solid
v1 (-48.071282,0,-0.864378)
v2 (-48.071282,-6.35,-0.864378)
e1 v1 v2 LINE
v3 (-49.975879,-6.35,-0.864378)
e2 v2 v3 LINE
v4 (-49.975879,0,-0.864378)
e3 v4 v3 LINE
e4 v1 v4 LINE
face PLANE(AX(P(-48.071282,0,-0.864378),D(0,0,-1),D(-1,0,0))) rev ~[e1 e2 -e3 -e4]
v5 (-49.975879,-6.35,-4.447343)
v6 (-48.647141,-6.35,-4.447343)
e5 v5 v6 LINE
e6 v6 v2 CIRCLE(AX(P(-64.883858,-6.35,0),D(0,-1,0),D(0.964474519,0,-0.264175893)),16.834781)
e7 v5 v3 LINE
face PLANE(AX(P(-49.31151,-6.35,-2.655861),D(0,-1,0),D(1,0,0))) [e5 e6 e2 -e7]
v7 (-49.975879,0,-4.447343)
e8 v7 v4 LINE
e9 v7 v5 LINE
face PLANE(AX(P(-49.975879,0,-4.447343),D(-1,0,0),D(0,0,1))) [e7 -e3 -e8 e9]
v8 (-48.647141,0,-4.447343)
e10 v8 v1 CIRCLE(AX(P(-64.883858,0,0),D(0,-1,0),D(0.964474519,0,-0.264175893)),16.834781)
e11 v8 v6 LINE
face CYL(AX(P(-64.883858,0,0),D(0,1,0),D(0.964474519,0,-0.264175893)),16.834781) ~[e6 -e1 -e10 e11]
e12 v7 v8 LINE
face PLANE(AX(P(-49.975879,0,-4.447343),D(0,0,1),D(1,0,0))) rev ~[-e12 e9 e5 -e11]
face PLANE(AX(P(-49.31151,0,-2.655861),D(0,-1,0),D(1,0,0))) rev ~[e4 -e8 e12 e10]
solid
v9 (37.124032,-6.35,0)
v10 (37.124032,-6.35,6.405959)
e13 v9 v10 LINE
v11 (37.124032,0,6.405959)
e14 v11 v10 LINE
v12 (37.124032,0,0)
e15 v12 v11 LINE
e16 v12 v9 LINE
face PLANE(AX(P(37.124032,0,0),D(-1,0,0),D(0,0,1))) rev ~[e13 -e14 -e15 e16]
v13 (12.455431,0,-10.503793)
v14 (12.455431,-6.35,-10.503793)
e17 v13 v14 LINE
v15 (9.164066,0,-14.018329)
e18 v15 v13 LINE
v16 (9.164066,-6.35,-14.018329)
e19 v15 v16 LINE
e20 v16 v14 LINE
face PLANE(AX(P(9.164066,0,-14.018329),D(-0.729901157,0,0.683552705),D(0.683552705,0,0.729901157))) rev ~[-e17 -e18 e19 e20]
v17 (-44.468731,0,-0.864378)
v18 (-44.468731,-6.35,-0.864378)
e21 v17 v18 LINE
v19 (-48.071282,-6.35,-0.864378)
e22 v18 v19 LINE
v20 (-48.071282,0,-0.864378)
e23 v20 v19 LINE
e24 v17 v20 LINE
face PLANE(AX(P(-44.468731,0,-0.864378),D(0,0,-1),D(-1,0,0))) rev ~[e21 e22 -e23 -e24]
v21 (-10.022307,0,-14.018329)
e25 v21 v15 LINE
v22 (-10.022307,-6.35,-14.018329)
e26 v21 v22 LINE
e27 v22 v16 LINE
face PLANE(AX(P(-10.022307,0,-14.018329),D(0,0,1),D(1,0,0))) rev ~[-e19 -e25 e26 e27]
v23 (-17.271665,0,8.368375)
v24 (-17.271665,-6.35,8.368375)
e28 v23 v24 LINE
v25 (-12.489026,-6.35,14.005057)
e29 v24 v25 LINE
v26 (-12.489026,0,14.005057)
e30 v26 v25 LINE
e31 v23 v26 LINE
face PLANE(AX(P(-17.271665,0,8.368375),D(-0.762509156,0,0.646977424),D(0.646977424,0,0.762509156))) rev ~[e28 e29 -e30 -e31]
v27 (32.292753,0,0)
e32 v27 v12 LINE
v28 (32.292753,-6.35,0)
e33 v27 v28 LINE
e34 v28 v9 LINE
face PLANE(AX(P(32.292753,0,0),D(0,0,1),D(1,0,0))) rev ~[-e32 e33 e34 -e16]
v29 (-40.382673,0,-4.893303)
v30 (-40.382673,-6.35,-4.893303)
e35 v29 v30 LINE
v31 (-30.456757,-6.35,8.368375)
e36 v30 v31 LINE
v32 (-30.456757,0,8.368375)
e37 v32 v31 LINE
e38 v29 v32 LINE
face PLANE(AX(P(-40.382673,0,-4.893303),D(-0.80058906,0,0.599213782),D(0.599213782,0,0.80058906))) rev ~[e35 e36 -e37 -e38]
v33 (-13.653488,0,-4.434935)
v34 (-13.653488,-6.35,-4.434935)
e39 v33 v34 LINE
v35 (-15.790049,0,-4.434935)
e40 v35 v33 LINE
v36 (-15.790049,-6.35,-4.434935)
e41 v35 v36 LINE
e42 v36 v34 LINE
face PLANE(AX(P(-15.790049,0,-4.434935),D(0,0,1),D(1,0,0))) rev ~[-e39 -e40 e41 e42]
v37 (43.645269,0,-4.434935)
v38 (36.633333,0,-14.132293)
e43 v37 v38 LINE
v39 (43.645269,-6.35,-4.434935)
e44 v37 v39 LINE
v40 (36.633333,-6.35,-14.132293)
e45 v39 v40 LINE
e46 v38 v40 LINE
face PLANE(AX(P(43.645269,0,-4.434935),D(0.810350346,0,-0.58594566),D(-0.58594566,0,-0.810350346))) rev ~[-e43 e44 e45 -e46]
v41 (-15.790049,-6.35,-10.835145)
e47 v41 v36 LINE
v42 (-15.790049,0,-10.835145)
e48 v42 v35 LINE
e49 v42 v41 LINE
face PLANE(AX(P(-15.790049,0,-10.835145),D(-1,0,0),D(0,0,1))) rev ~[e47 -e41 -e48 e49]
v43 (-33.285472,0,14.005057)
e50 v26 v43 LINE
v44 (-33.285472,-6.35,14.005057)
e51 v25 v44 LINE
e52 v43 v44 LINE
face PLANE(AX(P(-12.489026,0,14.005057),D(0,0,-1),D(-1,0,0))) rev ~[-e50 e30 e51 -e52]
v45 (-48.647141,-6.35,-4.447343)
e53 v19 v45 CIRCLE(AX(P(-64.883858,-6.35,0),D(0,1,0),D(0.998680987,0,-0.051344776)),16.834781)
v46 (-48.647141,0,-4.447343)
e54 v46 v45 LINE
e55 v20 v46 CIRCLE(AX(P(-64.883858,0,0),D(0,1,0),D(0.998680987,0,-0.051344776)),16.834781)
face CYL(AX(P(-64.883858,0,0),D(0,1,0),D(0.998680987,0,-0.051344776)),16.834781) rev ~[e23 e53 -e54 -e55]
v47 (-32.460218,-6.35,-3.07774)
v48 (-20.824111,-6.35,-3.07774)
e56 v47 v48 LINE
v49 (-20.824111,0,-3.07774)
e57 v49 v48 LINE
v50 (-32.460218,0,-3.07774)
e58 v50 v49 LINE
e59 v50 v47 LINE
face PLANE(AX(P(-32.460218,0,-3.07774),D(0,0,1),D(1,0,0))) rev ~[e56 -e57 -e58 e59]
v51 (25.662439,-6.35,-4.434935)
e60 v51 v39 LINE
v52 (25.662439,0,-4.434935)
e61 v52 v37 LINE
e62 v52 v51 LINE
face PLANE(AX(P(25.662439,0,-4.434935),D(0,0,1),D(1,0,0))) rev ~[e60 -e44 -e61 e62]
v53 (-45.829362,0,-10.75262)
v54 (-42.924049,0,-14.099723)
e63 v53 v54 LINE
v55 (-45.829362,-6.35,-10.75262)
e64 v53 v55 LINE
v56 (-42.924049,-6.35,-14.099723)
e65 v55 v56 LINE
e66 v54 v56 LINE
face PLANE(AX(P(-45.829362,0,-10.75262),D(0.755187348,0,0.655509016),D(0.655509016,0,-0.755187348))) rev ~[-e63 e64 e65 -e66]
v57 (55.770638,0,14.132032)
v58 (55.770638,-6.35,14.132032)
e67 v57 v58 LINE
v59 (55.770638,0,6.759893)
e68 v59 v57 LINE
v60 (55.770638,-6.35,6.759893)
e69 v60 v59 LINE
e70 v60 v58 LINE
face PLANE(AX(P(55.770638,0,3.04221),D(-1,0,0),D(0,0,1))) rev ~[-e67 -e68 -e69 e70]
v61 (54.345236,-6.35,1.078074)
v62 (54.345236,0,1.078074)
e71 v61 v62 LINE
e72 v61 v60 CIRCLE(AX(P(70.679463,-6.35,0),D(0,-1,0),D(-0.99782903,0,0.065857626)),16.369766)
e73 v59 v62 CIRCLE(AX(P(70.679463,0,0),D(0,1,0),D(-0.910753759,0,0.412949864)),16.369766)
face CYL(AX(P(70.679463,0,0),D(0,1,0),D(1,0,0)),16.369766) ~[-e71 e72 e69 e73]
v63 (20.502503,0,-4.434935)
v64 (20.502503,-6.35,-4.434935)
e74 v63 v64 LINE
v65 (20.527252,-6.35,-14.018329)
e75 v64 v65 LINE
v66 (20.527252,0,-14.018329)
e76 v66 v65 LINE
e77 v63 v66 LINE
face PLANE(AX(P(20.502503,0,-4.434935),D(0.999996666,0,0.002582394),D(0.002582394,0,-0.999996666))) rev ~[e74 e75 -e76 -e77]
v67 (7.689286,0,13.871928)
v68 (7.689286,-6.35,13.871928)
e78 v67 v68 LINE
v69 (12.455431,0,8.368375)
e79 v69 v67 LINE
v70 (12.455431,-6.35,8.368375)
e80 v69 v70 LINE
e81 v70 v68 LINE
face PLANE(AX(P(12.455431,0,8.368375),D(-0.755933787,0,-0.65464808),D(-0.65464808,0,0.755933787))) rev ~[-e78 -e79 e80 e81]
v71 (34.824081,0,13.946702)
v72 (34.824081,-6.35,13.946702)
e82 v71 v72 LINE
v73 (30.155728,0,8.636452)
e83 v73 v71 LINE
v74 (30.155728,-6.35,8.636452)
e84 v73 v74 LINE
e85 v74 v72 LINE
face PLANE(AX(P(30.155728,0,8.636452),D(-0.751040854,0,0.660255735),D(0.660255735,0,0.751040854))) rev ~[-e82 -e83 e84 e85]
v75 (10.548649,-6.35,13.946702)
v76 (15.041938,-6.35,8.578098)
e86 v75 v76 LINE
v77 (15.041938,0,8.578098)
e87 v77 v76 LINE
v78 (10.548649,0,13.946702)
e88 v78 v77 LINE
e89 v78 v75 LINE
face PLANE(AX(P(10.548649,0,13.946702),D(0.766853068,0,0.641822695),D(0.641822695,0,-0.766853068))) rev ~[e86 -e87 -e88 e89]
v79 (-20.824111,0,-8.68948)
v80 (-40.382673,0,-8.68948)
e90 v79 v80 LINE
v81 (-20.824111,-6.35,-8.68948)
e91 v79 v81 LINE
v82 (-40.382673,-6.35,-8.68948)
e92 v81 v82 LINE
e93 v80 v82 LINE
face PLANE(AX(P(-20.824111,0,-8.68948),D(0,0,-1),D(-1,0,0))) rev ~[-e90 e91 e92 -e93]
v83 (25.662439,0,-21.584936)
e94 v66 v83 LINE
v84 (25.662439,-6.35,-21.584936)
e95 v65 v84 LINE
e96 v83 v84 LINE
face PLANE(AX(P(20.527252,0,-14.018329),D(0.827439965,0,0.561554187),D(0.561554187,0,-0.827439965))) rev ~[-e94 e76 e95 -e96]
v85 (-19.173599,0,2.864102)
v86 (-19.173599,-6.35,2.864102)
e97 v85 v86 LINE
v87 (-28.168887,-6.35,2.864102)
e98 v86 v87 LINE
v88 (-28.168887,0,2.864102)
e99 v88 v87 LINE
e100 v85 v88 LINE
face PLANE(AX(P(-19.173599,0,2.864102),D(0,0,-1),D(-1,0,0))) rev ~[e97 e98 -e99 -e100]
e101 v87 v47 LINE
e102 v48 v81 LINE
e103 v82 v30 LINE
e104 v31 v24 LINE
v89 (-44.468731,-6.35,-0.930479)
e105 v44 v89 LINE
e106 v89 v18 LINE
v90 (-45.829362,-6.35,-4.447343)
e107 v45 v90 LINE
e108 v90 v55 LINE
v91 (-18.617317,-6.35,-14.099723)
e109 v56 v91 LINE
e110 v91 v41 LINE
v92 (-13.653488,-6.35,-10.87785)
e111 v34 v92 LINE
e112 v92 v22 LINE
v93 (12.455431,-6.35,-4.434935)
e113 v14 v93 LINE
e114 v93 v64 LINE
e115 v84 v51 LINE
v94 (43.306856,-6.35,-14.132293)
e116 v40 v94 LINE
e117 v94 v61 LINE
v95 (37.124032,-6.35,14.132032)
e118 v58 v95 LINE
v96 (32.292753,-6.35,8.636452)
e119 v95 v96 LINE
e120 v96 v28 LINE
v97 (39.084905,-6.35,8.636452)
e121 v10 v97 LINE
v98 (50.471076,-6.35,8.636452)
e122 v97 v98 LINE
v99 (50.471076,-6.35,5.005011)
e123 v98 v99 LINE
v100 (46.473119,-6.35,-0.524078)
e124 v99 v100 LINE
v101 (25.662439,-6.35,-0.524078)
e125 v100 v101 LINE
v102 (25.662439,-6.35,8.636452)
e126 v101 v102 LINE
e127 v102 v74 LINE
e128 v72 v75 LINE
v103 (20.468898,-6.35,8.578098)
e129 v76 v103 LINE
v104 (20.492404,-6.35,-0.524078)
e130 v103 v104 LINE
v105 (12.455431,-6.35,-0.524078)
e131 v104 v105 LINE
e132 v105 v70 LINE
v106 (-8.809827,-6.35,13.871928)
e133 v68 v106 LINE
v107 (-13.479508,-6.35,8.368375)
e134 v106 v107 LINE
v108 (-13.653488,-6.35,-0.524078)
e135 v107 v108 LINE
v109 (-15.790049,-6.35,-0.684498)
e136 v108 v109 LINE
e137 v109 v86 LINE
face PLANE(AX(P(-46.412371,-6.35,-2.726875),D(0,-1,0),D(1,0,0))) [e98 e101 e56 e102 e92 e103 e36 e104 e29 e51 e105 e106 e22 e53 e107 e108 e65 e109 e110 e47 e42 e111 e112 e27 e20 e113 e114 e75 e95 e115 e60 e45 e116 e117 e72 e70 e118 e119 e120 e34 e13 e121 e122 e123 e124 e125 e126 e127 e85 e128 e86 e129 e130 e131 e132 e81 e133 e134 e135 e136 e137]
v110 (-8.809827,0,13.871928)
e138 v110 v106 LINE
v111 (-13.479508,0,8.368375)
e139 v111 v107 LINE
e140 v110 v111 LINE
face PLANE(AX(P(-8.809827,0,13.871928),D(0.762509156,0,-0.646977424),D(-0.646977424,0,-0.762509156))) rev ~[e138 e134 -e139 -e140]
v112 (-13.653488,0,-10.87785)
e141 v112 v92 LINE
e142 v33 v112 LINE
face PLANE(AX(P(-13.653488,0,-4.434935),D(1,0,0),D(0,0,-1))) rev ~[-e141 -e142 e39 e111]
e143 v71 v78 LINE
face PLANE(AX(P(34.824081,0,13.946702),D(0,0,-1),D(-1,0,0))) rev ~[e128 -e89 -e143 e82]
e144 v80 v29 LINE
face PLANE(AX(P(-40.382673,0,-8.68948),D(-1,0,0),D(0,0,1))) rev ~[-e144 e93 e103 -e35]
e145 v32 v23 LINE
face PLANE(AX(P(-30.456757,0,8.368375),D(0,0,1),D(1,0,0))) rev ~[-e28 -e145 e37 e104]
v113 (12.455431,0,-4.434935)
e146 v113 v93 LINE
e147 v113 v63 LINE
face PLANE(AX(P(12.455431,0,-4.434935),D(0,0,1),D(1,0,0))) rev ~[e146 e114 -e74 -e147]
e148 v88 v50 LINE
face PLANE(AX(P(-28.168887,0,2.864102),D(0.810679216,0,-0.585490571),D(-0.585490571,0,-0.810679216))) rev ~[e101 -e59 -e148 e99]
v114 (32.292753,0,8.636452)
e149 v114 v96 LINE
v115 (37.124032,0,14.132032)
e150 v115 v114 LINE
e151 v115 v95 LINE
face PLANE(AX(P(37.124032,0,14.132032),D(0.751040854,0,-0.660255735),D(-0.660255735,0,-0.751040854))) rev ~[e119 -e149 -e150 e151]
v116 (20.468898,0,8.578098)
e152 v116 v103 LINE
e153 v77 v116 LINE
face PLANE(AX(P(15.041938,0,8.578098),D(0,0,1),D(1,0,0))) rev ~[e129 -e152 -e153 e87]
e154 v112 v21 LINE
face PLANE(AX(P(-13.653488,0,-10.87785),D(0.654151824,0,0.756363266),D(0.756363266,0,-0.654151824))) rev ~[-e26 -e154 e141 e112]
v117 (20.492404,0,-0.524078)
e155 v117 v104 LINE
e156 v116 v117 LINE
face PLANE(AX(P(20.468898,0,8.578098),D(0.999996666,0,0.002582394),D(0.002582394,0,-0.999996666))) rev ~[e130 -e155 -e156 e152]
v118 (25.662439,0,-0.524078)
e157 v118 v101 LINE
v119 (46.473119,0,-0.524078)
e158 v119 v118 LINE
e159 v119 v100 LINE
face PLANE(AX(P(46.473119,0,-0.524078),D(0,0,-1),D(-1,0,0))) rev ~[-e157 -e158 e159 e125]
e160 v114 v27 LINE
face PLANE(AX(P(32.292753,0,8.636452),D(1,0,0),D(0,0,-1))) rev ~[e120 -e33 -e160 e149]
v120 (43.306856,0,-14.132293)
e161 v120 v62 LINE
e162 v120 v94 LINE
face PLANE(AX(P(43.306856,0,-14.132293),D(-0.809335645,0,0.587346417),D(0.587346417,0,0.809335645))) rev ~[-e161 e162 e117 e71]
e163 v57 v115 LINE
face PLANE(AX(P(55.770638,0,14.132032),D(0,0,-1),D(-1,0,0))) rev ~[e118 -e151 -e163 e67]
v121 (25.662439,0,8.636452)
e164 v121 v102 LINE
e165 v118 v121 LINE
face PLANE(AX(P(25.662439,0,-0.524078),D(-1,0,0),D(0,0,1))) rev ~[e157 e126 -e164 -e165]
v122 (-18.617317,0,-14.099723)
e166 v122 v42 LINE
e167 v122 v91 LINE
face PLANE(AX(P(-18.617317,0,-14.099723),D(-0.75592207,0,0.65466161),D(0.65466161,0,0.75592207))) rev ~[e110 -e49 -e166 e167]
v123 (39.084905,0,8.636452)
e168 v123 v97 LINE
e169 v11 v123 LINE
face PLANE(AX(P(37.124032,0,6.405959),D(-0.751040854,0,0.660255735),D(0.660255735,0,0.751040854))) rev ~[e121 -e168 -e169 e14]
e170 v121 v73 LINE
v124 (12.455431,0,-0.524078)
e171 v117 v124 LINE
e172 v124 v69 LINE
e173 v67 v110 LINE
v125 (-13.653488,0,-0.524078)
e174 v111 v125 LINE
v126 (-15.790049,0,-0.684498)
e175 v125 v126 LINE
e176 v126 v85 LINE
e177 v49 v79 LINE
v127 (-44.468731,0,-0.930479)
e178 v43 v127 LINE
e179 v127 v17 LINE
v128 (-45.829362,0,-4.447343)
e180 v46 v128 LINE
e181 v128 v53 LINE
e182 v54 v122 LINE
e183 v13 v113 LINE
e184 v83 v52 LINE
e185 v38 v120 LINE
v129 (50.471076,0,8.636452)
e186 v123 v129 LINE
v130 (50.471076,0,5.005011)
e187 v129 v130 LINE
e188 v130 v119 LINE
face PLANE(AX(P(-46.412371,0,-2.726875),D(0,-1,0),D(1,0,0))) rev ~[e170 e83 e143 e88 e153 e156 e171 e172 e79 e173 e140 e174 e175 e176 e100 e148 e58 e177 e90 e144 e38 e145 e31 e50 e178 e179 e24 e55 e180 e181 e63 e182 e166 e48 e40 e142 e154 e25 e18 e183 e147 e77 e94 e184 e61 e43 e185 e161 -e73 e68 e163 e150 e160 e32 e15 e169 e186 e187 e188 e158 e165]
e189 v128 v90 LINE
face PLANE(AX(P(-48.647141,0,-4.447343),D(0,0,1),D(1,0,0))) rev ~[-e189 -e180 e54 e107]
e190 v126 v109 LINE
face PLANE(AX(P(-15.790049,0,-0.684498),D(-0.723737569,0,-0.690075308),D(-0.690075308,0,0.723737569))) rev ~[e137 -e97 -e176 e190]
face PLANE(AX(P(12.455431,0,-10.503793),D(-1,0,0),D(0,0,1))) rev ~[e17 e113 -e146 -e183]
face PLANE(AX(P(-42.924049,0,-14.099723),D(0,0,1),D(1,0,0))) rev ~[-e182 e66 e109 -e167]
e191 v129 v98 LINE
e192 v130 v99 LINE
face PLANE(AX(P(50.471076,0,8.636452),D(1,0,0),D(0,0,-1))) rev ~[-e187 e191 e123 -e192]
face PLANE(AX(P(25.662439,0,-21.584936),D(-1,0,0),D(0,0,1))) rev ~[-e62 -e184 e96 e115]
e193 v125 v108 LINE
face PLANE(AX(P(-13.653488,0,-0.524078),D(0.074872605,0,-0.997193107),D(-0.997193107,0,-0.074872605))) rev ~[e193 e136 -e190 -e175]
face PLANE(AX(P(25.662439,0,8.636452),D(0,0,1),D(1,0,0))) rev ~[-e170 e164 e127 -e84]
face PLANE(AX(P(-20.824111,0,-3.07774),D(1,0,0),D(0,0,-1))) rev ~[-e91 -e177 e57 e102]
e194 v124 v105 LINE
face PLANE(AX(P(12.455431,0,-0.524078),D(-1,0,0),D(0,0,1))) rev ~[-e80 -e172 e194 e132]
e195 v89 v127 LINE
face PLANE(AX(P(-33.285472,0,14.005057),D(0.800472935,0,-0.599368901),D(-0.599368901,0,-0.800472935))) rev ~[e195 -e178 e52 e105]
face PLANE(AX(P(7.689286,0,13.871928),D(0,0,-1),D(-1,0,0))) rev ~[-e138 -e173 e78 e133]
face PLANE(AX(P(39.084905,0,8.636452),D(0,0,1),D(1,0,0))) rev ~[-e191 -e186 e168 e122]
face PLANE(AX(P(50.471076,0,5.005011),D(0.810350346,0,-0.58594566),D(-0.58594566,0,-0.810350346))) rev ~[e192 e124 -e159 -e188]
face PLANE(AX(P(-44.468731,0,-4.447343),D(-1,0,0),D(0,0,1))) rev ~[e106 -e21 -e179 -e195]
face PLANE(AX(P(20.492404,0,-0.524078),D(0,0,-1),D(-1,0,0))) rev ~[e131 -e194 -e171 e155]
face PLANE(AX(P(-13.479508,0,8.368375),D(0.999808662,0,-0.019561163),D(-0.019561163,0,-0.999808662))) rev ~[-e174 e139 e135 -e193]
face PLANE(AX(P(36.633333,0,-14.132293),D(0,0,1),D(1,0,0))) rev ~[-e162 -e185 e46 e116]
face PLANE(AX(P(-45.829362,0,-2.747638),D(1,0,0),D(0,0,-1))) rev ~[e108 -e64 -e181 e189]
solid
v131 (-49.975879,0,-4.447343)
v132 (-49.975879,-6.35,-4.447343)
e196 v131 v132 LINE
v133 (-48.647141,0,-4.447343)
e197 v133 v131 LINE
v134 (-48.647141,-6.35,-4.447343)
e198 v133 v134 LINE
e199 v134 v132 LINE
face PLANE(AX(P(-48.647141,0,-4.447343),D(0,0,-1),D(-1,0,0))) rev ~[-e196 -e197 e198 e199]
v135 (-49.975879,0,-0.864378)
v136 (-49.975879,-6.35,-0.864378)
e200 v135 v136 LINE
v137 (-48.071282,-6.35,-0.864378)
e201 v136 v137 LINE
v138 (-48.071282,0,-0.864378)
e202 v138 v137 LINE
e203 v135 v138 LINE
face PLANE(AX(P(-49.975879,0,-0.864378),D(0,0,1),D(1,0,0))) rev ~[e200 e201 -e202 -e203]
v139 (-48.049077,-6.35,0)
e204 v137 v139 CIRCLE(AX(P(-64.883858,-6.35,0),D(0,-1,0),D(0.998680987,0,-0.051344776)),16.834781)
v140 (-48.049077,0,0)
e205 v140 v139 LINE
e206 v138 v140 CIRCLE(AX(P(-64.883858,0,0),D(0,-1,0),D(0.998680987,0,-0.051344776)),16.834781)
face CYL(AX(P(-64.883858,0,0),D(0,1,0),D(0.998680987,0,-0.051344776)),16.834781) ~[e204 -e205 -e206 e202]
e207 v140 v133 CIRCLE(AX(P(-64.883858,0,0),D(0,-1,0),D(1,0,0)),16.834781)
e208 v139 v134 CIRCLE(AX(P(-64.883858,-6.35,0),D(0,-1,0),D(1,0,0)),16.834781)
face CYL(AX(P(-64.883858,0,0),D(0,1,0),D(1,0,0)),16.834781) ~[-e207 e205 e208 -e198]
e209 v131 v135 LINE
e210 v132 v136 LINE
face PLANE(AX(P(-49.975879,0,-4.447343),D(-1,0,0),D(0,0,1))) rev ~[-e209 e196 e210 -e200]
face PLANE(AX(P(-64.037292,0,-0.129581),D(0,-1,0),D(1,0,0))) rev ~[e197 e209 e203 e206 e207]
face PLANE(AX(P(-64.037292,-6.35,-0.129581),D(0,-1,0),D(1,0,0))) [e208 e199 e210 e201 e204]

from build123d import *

# Parameters (mm, degrees)
F0_W     = 26.1089192261
F0_H     = 3.9108566001
F1_DEPTH = 6.35
F3_DEPTH = 6.35
F2_R     = 16.3697658046
F2_W     = 1.3287387717
F2_H     = 3.5829652334
F4_DEPTH = 6.35


with BuildPart() as f1:
    # F0 (on Front) → F1 (new body)
    with BuildSketch(Plane.XZ):
        Polygon((-17.2716648454, 8.3683752126), (-12.4890261563, 14.0050568812), (-33.2854723321, 14.0050568812), (-45.8293622946, -2.7476381483), (-45.8293622946, -10.7526200239), (-42.924048809, -14.0997227066), (-18.6173166222, -14.0997227066), (-15.7900494681, -10.8351450901), (-15.7900494681, -4.4349345413), (-15.7900494681, -0.6844981479), (-19.1735985349, 2.8641023428), (-28.1688865431, 2.8641023428), (-32.4602175373, -3.0777403073), (-20.8241108796, -3.0777403073), (-20.8241108796, -8.689479593), (-40.3826734857, -8.689479593), (-40.3826734857, -4.8933031288), (-30.4567566351, 8.3683752126), align=None)
        Polygon((-15.7900494681, -0.6844981479), (-15.7900494681, -4.4349345413), (-13.6534879907, -4.4349345413), (-13.6534879907, -0.5240779412), align=None)
        Polygon((-13.4795079801, 8.3683752126), (-13.6534879907, -0.5240779412), (12.4554312354, -0.5240779412), (12.4554312354, 8.3683752126), (7.6892861493, 13.8719277541), (-8.8098273311, 13.8719277541), align=None)
        Polygon((12.4554312354, -4.4349345413), (-13.6534879907, -4.4349345413), (-13.6534879907, -10.8778495407), (-10.0223072469, -14.0183292718), (9.1640663944, -14.0183292718), (12.4554312354, -10.5037926609), align=None)
        with Locations((-0.5990283776, -2.4795062412)):
            Rectangle(F0_W, F0_H)
        Polygon((12.4554312354, -0.5240779412), (12.4554312354, -4.4349345413), (20.5025033344, -4.4349345413), (20.4924039301, -0.5240779412), align=None)
        Polygon((20.4924039301, -0.5240779412), (20.5025033344, -4.4349345413), (25.6624393119, -4.4349345413), (25.6624393119, -0.5240779412), align=None)
        Polygon((25.6624393119, -4.4349345413), (20.5025033344, -4.4349345413), (20.5272515133, -14.0183292718), (25.6624393119, -21.5849358625), align=None)
        Polygon((20.4688984527, 8.5780975808), (20.4924039301, -0.5240779412), (25.6624393119, -0.5240779412), (25.6624393119, 8.6364520189), (30.1557282913, 8.6364520189), (34.824080585, 13.9467024431), (10.5486494841, 13.9467024431), (15.0419384635, 8.5780975808), align=None)
        Polygon((25.6624393119, -0.5240779412), (25.6624393119, -4.4349345413), (43.6452688808, -4.4349345413), (46.4731191558, -0.5240779412), align=None)
        Polygon((46.4731191558, -0.5240779412), (43.6452688808, -4.4349345413), (36.63333265, -14.1322927537), (43.3068559529, -14.1322927537), (55.7706377054, 3.0422103174), (55.7706377054, 14.1320324027), (37.1240322851, 14.1320324027), (32.2927525449, 8.6364520189), (32.2927525449, 0), (37.1240322851, 0), (37.1240322851, 6.4059590582), (39.0849053321, 8.6364520189), (50.4710761359, 8.6364520189), (50.4710761359, 5.0050112685), align=None)
    extrude(amount=F1_DEPTH)



with BuildPart() as f3:
    # F2 (on Front) → F3 (new body)
    with BuildSketch(Plane.XZ):
        with BuildLine():
            ThreePointArc((-48.0712823183, -0.8643780602), (-48.0546292637, -0.4323316164), (-48.0490770247, 0))
            ThreePointArc((-48.0490770247, 0), (-81.5684530665, 2.2436879547), (-48.6471407187, -4.4473432936))
            Line((-48.6471407187, -4.4473432936), (-49.9758794904, -4.4473432936))
            Line((-49.9758794904, -4.4473432936), (-49.9758794904, -0.8643780602))
            Line((-49.9758794904, -0.8643780602), (-48.6471407187, -0.8643780602))
            Line((-48.6471407187, -0.8643780602), (-48.0712823183, -0.8643780602))
        make_face()
    extrude(amount=F3_DEPTH)


with BuildPart() as f1_1:
    add(f1.part)

    add(f3.part)  # F3#2 merges F3
    # F2 (on Front) → F3, piece 2 (join)
    with BuildSketch(Plane.XZ):
        with BuildLine():
            ThreePointArc((-48.0712823183, -0.8643780602), (-48.2623854024, -2.6714226845), (-48.6471407187, -4.4473432936))
            Line((-48.6471407187, -4.4473432936), (-44.4687306881, -4.4473432936))
            Line((-44.4687306881, -4.4473432936), (-44.4687306881, -0.8643780602))
            Line((-44.4687306881, -0.8643780602), (-48.0712823183, -0.8643780602))
        make_face()
        with Locations((70.6794634461, 0)):
            Circle(F2_R)
    extrude(amount=F3_DEPTH)


with BuildPart() as f4:
    # F2 (on Front) → F4 (new body)
    with BuildSketch(Plane.XZ):
        with Locations((-49.3115101045, -2.6558606769)):
            Rectangle(F2_W, F2_H)
        with BuildLine():
            Line((-48.6471407187, -0.8643780602), (-48.6471407187, -4.4473432936))
            ThreePointArc((-48.6471407187, -4.4473432936), (-48.2623854024, -2.6714226845), (-48.0712823183, -0.8643780602))
            Line((-48.0712823183, -0.8643780602), (-48.6471407187, -0.8643780602))
        make_face()
    extrude(amount=F4_DEPTH)


solid = Compound([f1_1.part, f4.part])
